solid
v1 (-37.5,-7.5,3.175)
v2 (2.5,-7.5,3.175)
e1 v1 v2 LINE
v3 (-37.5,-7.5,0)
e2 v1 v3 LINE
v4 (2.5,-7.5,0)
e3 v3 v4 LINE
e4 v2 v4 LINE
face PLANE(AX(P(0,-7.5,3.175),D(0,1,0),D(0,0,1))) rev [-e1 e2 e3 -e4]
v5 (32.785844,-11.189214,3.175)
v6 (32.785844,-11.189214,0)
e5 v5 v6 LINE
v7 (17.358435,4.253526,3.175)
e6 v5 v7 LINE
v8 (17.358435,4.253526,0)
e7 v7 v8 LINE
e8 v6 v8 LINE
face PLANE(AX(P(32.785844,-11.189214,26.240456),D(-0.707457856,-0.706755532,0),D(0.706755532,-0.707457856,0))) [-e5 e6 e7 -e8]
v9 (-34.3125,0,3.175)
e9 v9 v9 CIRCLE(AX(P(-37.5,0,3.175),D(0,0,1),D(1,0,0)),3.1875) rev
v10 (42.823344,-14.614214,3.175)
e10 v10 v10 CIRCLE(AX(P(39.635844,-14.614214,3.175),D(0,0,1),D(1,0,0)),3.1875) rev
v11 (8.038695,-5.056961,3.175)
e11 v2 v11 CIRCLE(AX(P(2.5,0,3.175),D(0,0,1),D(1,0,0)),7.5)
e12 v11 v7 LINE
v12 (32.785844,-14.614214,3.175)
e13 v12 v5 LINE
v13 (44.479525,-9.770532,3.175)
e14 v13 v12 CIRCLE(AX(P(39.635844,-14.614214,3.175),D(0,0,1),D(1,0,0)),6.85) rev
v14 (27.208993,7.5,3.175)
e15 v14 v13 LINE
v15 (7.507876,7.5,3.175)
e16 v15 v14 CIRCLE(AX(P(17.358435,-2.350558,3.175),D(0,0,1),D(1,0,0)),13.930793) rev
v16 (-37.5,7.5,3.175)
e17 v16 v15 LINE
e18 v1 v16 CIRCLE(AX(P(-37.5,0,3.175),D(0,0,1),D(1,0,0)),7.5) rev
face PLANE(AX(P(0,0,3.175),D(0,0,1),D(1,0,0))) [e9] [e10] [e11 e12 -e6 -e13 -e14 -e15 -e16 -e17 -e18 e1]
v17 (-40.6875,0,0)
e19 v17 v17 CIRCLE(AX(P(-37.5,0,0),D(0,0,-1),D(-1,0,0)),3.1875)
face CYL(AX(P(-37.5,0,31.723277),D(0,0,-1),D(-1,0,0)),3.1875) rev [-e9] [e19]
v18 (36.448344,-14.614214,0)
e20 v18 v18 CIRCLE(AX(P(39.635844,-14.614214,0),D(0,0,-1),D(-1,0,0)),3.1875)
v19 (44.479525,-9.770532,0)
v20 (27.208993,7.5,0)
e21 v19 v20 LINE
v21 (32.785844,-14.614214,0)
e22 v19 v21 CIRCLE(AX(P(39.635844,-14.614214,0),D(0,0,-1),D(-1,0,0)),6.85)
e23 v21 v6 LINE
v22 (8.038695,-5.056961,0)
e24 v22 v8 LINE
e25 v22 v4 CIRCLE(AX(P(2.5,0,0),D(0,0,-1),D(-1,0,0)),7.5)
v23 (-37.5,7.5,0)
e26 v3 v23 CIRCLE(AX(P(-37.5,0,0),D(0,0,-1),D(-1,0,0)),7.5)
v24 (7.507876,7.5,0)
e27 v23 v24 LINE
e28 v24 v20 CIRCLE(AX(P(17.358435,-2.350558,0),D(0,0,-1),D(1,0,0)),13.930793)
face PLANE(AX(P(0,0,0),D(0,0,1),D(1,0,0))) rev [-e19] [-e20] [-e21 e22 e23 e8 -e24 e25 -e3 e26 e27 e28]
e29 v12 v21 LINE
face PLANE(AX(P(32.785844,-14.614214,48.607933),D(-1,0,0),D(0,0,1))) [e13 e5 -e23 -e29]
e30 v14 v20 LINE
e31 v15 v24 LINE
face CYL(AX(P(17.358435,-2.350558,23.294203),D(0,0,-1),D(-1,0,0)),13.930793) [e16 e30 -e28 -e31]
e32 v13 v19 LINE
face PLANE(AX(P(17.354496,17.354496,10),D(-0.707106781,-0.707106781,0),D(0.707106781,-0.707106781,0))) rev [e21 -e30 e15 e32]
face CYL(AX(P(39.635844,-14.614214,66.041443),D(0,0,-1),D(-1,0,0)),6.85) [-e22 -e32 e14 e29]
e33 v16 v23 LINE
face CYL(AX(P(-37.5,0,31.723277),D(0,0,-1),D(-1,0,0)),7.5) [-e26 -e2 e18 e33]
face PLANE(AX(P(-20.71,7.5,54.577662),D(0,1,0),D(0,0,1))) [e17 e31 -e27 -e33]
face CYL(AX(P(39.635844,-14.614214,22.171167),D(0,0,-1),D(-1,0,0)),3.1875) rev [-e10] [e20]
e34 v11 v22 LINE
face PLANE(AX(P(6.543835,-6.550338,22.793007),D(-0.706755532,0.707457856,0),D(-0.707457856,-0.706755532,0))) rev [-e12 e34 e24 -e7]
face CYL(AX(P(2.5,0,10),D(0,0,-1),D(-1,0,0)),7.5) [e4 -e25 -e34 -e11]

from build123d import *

# Parameters (mm, degrees)
SKETCH1_R            = 3.175
SKETCH1_R_2          = 4.8
BOSS_EXTRUDE1_DEPTH  = 3.175
SKETCH2_W            = 15
SKETCH2_H            = 3.175
CUT_EXTRUDE1_DEPTH   = 46.731068487
CUT_EXTRUDE2_START   = -10
CUT_EXTRUDE2_DEPTH   = 10
SKETCH4_W            = 11.581741037
SKETCH4_H            = 5.573186054
BOSS_EXTRUDE2_DEPTH  = 3.175
SKETCH5_R            = 1.475
CUT_EXTRUDE3_DEPTH   = 16
SKETCH6_W            = 21.273258962
SKETCH6_H            = 7.408259511
BOSS_EXTRUDE4_DEPTH  = 3.175
SKETCH12_R           = 4.8
CUT_EXTRUDE5_DEPTH   = 10
SKETCH15_R           = 4.85
BOSS_EXTRUDE10_DEPTH = 3.175
BOSS_EXTRUDE11_DEPTH = 3.175
BOSS_EXTRUDE12_DEPTH = 3.175
CUT_EXTRUDE6_DEPTH   = 10
CUT_EXTRUDE7_DEPTH   = 10
BOSS_EXTRUDE13_DEPTH = 3.175
BOSS_EXTRUDE14_DEPTH = 3.175
CUT_EXTRUDE8_DEPTH   = 10
SKETCH8_W            = 10
SKETCH8_H            = 3.175
CUT_EXTRUDE4_DEPTH   = 10
BOSS_EXTRUDE15_DEPTH = 3.175
CUT_EXTRUDE10_DEPTH  = 10
CUT_EXTRUDE11_DEPTH  = 10
BOSS_EXTRUDE16_DEPTH = 3.175
CUT_EXTRUDE12_DEPTH  = 3.175
BOSS_EXTRUDE18_DEPTH = 3.175
CUT_EXTRUDE13_DEPTH  = 3.175
BOSS_EXTRUDE19_DEPTH = 3.175
SKETCH32_R           = 6.716159248
SKETCH32_R_2         = 3.1875
BOSS_EXTRUDE20_DEPTH = 3.175
SKETCH33_R           = 7.5
SKETCH33_R_2         = 3.1875
BOSS_EXTRUDE21_DEPTH = 3.175
BOSS_EXTRUDE22_DEPTH = 3.175


with BuildPart() as part:
    # Sketch1 → Boss-Extrude1 (new body)
    with BuildSketch(Plane.XY):
        with BuildLine():
            Line((-37.5, 7.5), (37.5, 7.5))
            ThreePointArc((37.5, 7.5), (45, 0), (37.5, -7.5))
            Line((37.5, -7.5), (-37.5, -7.5))
            ThreePointArc((-37.5, -7.5), (-45, 0), (-37.5, 7.5))
        make_face()
        with Locations((-37.5, 0)):
            Circle(SKETCH1_R, mode=Mode.SUBTRACT)
        with Locations((37.5, 0)):
            Circle(SKETCH1_R_2, mode=Mode.SUBTRACT)
    extrude(amount=BOSS_EXTRUDE1_DEPTH)

    # Sketch2 → Cut-Extrude1 (cut, through all)
    with BuildSketch(Plane.XY.offset(3.175)):
        with Locations((-17.5, 0.21703664)):
            Rectangle(SKETCH2_W, SKETCH2_H)
        with Locations((17.5, 0.853492694)):
            Rectangle(SKETCH2_W, SKETCH2_H)
    extrude(amount=-CUT_EXTRUDE1_DEPTH, mode=Mode.SUBTRACT)

    # Sketch3 → Cut-Extrude2 (cut)
    with BuildSketch(Plane.XY.offset(3.175).offset(CUT_EXTRUDE2_START)):
        with BuildLine():
            Line((-56.505330914, 0), (-45, 0))
            ThreePointArc((-45, 0), (-42.803300859, 5.303300859), (-37.5, 7.5))
            Line((-37.5, 7.5), (-20.71, 7.5))
            Line((-20.71, 7.5), (-20.71, 17.128469338))
            Line((-20.71, 17.128469338), (-56.505330914, 17.128469338))
            Line((-56.505330914, 17.128469338), (-56.505330914, 0))
        make_face()
        with BuildLine():
            ThreePointArc((-37.5, -7.5), (-42.803300859, -5.303300859), (-45, 0))
            Line((-45, 0), (-56.505330914, 0))
            Line((-56.505330914, 0), (-56.505330914, -10.2398458))
            Line((-56.505330914, -10.2398458), (-20.71, -10.2398458))
            Line((-20.71, -10.2398458), (-20.71, -7.5))
            Line((-20.71, -7.5), (-37.5, -7.5))
        make_face()
        with BuildLine():
            ThreePointArc((-40.675, 0), (-37.5, 3.175), (-34.325, 0))
            Line((-34.325, 0), (-25, 0))
            Line((-25, 0), (-25, 1.80453664))
            Line((-25, 1.80453664), (-20.71, 1.80453664))
            Line((-20.71, 1.80453664), (-20.71, 7.5))
            Line((-20.71, 7.5), (-37.5, 7.5))
            ThreePointArc((-37.5, 7.5), (-42.803300859, 5.303300859), (-45, 0))
            Line((-45, 0), (-40.675, 0))
        make_face()
        with BuildLine():
            Line((-25, 0), (-34.325, 0))
            ThreePointArc((-34.325, 0), (-37.5, -3.175), (-40.675, 0))
            Line((-40.675, 0), (-45, 0))
            ThreePointArc((-45, 0), (-42.803300859, -5.303300859), (-37.5, -7.5))
            Line((-37.5, -7.5), (-20.71, -7.5))
            Line((-20.71, -7.5), (-20.71, -1.37046336))
            Line((-20.71, -1.37046336), (-25, -1.37046336))
            Line((-25, -1.37046336), (-25, 0))
        make_face()
    extrude(amount=CUT_EXTRUDE2_DEPTH, mode=Mode.SUBTRACT)

    # Sketch4 → Boss-Extrude2 (add)
    with BuildSketch(Plane.XY.offset(3.175)):
        with Locations((-14.919129482, -0.129821549)):
            Rectangle(SKETCH4_W, SKETCH4_H)
    extrude(amount=-BOSS_EXTRUDE2_DEPTH)

    # Sketch5 → Cut-Extrude3 (cut)
    with BuildSketch(Plane.XY.offset(3.175)):
        with Locations((-13.5, 0)):
            Circle(SKETCH5_R)
        with Locations((2.5, 0)):
            Circle(SKETCH5_R)
    extrude(amount=-CUT_EXTRUDE3_DEPTH, mode=Mode.SUBTRACT)

    # Sketch6 → Boss-Extrude4 (add)
    with BuildSketch(Plane.XY.offset(3.175)):
        with Locations((18.907585517, 0.667769414)):
            Rectangle(SKETCH6_W, SKETCH6_H)
    extrude(amount=-BOSS_EXTRUDE4_DEPTH)

    # Sketch12 → Cut-Extrude5 (cut)
    # profile 1 of 2: a face of its own
    with BuildSketch(Plane(origin=(0, 0, 0), x_dir=(-1, 0, 0), z_dir=(0, 0, -1))):
        with BuildLine():
            Line((-2.5, 7.5), (-37.5, 7.5))
            ThreePointArc((-37.5, 7.5), (-32.196699141, 5.303300859), (-30, 0))
            ThreePointArc((-30, 0), (-32.196699141, -5.303300859), (-37.5, -7.5))
            Line((-37.5, -7.5), (-2.5, -7.5))
            ThreePointArc((-2.5, -7.5), (-10, 0), (-2.5, 7.5))
        make_face()
    # profile 2 of 2: a face of its own
    with BuildSketch(Plane(origin=(0, 0, 0), x_dir=(-1, 0, 0), z_dir=(0, 0, -1))):
        with BuildLine():
            ThreePointArc((-30, 0), (-32.196699141, 5.303300859), (-37.5, 7.5))
            ThreePointArc((-37.5, 7.5), (-45, 0), (-37.5, -7.5))
            ThreePointArc((-37.5, -7.5), (-32.196699141, -5.303300859), (-30, 0))
        make_face()
        with Locations((-37.5, 0)):
            Circle(SKETCH12_R, mode=Mode.SUBTRACT)
    extrude(amount=-CUT_EXTRUDE5_DEPTH, mode=Mode.SUBTRACT)

    # Sketch15 → Boss-Extrude10 (add)
    with BuildSketch(Plane(origin=(0, 0, 0), x_dir=(-1, 0, 0), z_dir=(0, 0, -1))):
        with BuildLine():
            ThreePointArc((-46.001929081, -17.143138466), (-35.871769222, -20.337345998), (-34.79216247, -9.770532392))
            Line((-34.79216247, -9.770532392), (-34.739826286, -9.718196208))
            ThreePointArc((-34.739826286, -9.718196208), (-27.229011247, 7.510815039), (-10, 0))
            ThreePointArc((-10, 0), (-7.803300859, 5.303300859), (-2.5, 7.5))
            ThreePointArc((-2.5, 7.5), (-36.707777113, 17.168137065), (-46.001929081, -17.143138466))
        make_face()
        with Locations((-39.635843921, -14.614213843)):
            Circle(SKETCH15_R, mode=Mode.SUBTRACT)
    extrude(amount=-BOSS_EXTRUDE10_DEPTH)

    # Sketch16 → Boss-Extrude11 (add)
    with BuildSketch(Plane(origin=(0, 0, 0), x_dir=(-1, 0, 0), z_dir=(0, 0, -1))):
        with BuildLine():
            Line((-21.509690563, 8.403088845), (-7.803300859, -5.303300859))
            ThreePointArc((-7.803300859, -5.303300859), (-9.429096494, -2.870125743), (-10, 0))
            ThreePointArc((-10, 0), (-14.533325981, 5.874656467), (-21.509690563, 8.403088845))
        make_face()
    extrude(amount=-BOSS_EXTRUDE11_DEPTH)

    # Sketch17 → Boss-Extrude12 (add)
    with BuildSketch(Plane(origin=(0, 0, 0), x_dir=(-1, 0, 0), z_dir=(0, 0, -1))):
        with BuildLine():
            Line((-20.755882022, 9.519320843), (-23.45404322, 8.658356332))
            ThreePointArc((-23.45404322, 8.658356332), (-23.129421083, 8.546024811), (-22.808422976, 8.423721426))
            ThreePointArc((-22.808422976, 8.423721426), (-22.158804554, 8.429280981), (-21.509690563, 8.403088845))
            Line((-21.509690563, 8.403088845), (-19.064115898, 5.95751418))
            Line((-19.064115898, 5.95751418), (-20.755882022, 9.519320843))
        make_face()
        with BuildLine():
            ThreePointArc((-21.509690563, 8.403088845), (-22.158804554, 8.429280981), (-22.808422976, 8.423721426))
            ThreePointArc((-22.808422976, 8.423721426), (-20.81070119, 7.38126118), (-19.064115898, 5.95751418))
            Line((-19.064115898, 5.95751418), (-21.509690563, 8.403088845))
        make_face()
        with BuildLine():
            ThreePointArc((-23.45404322, 8.658356332), (-36.40040662, 3.921172604), (-34.79216247, -9.770532392))
            Line((-34.79216247, -9.770532392), (-34.739826286, -9.718196208))
            ThreePointArc((-34.739826286, -9.718196208), (-33.473796187, 2.443597762), (-22.808422976, 8.423721426))
            ThreePointArc((-22.808422976, 8.423721426), (-23.129421083, 8.546024811), (-23.45404322, 8.658356332))
        make_face()
        with BuildLine():
            ThreePointArc((-22.808422976, 8.423721426), (-33.473796187, 2.443597762), (-34.739826286, -9.718196208))
            Line((-34.739826286, -9.718196208), (-32.925869648, -7.90423957))
            Line((-32.925869648, -7.90423957), (-19.064115898, 5.95751418))
            ThreePointArc((-19.064115898, 5.95751418), (-20.81070119, 7.38126118), (-22.808422976, 8.423721426))
        make_face()
    extrude(amount=-BOSS_EXTRUDE12_DEPTH)

    # Sketch18 → Cut-Extrude6 (cut)
    with BuildSketch(Plane(origin=(0, 0, 0), x_dir=(-1, 0, 0), z_dir=(0, 0, -1))):
        Polygon((-49.385473713, -4.584123483), (-24.385473713, 20.415876517), (-30.56765092, 24.378047278), (-55.403941692, 2.136458495), align=None)
    extrude(amount=-CUT_EXTRUDE6_DEPTH, mode=Mode.SUBTRACT)

    # Sketch19 → Cut-Extrude7 (cut)
    with BuildSketch(Plane(origin=(0, 0, 0), x_dir=(-1, 0, 0), z_dir=(0, 0, -1))):
        with BuildLine():
            ThreePointArc((-46.001929081, -17.143138466), (-46.344312222, -13.228951032), (-44.479525373, -9.770532392))
            Line((-44.479525373, -9.770532392), (-15.809929944, 18.899063036))
            ThreePointArc((-15.809929944, 18.899063036), (-20.031146151, 20.033752776), (-24.385473713, 20.415876517))
            Line((-24.385473713, 20.415876517), (-49.385473713, -4.584123483))
            ThreePointArc((-49.385473713, -4.584123483), (-48.524771385, -11.08753089), (-46.001929081, -17.143138466))
        make_face()
    extrude(amount=-CUT_EXTRUDE7_DEPTH, mode=Mode.SUBTRACT)

    # Sketch20 → Boss-Extrude13 (add)
    with BuildSketch(Plane(origin=(0, 0, 0), x_dir=(-1, 0, 0), z_dir=(0, 0, -1))):
        with BuildLine():
            Line((-32.785843921, -14.614213843), (-32.785843921, -7.764213843))
            ThreePointArc((-32.785843921, -7.764213843), (-34.411726772, -8.208442505), (-35.585840533, -9.417694765))
            Line((-35.585840533, -9.417694765), (-32.785843921, -14.614213843))
        make_face()
        Polygon((-46.485843921, -14.614213843), (-46.485843921, -7.764213843), (-15.809929944, 18.899063036), align=None)
    extrude(amount=-BOSS_EXTRUDE13_DEPTH)

    # Sketch21 → Boss-Extrude14 (add)
    with BuildSketch(Plane(origin=(0, 0, 0), x_dir=(-1, 0, 0), z_dir=(0, 0, -1))):
        with BuildLine():
            Line((-15.809929944, 18.899063036), (-3.494683458, 5.188322232))
            Line((-3.494683458, 5.188322232), (20.71, 7.5))
            ThreePointArc((20.71, 7.5), (3.510589711, 16.597300494), (-15.809929944, 18.899063036))
        make_face()
    extrude(amount=-BOSS_EXTRUDE14_DEPTH)

    # Sketch22 → Cut-Extrude8 (cut)
    with BuildSketch(Plane(origin=(0, 0, 0), x_dir=(-1, 0, 0), z_dir=(0, 0, -1))):
        with BuildLine():
            ThreePointArc((-7.803300859, -5.303300859), (-9.665367717, 2.215289028), (-3.884823194, 7.371042309))
            Line((-3.884823194, 7.371042309), (-19.064115898, 5.95751418))
            Line((-19.064115898, 5.95751418), (-7.803300859, -5.303300859))
        make_face()
    extrude(amount=-CUT_EXTRUDE8_DEPTH, mode=Mode.SUBTRACT)

    # Sketch8 → Cut-Extrude4 (cut)
    with BuildSketch(Plane.XY.offset(3.175)):
        with Locations((19, 0)):
            Rectangle(SKETCH8_W, SKETCH8_H)
    extrude(amount=-CUT_EXTRUDE4_DEPTH, mode=Mode.SUBTRACT)

    # Sketch24 → Boss-Extrude15 (add)
    with BuildSketch(Plane(origin=(0, 0, 0), x_dir=(-1, 0, 0), z_dir=(0, 0, -1))):
        Polygon((-32.785843921, -7.764213843), (-19.064115898, 5.95751418), (-25.92497991, 1.835763138), align=None)
    extrude(amount=-BOSS_EXTRUDE15_DEPTH)

    # Sketch25 → Cut-Extrude10 (cut)
    with BuildSketch(Plane(origin=(0, 0, 0), x_dir=(-1, 0, 0), z_dir=(0, 0, -1))):
        with BuildLine():
            ThreePointArc((-46.485843921, -14.614213843), (-45.964418719, -11.992832332), (-44.479525373, -9.770532392))
            Line((-44.479525373, -9.770532392), (-15.809929944, 18.899063036))
            Line((-15.809929944, 18.899063036), (-46.485843921, -7.764213843))
            Line((-46.485843921, -7.764213843), (-46.485843921, -14.614213843))
        make_face()
    extrude(amount=-CUT_EXTRUDE10_DEPTH, mode=Mode.SUBTRACT)

    # Sketch26 → Cut-Extrude11 (cut)
    with BuildSketch(Plane(origin=(0, 0, 0), x_dir=(-1, 0, 0), z_dir=(0, 0, -1))):
        with BuildLine():
            Line((-15.809929944, 18.899063036), (-23.907797349, 10.801195631))
            ThreePointArc((-23.907797349, 10.801195631), (-1.26089762, 15.105031891), (20.545662044, 7.629804166))
            ThreePointArc((20.545662044, 7.629804166), (3.410605692, 16.628400783), (-15.809929944, 18.899063036))
        make_face()
        with BuildLine():
            Line((-24.462923893, 21.153371093), (-23.907797349, 10.801195631))
            Line((-23.907797349, 10.801195631), (-15.809929944, 18.899063036))
            ThreePointArc((-15.809929944, 18.899063036), (3.410605692, 16.628400783), (20.545662044, 7.629804166))
            Line((20.545662044, 7.629804166), (12.510465987, 32.510755223))
            Line((12.510465987, 32.510755223), (-24.462923893, 21.153371093))
        make_face()
    extrude(amount=-CUT_EXTRUDE11_DEPTH, mode=Mode.SUBTRACT)

    # Sketch27 → Boss-Extrude16 (add)
    with BuildSketch(Plane(origin=(0, 0, 0), x_dir=(-1, 0, 0), z_dir=(0, 0, -1))):
        with BuildLine():
            ThreePointArc((-8.038695105, -5.056961196), (-9.359104011, -3.033593935), (-9.967690986, -0.69540732))
            ThreePointArc((-9.967690986, -0.69540732), (-8.488209602, 4.515677775), (-3.884823194, 7.371042309))
            Line((-3.884823194, 7.371042309), (-19.064115898, 5.95751418))
            Line((-19.064115898, 5.95751418), (-8.038695105, -5.056961196))
        make_face()
    extrude(amount=-BOSS_EXTRUDE16_DEPTH)

    # Sketch28 → Cut-Extrude12 (cut)
    with BuildSketch(Plane(origin=(0, 0, 0), x_dir=(-1, 0, 0), z_dir=(0, 0, -1))):
        Polygon((20.71, 7.5), (-23.907797349, 10.801195631), (-10.730396659, 19.898602306), (15.158212603, 17.043524683), align=None)
    extrude(amount=-CUT_EXTRUDE12_DEPTH, mode=Mode.SUBTRACT)

    # Sketch29 → Boss-Extrude18 (add)
    with BuildSketch(Plane(origin=(0, 0, 0), x_dir=(-1, 0, 0), z_dir=(0, 0, -1))):
        Polygon((-19.064115898, 5.95751418), (-32.785843921, -7.764213843), (-32.785843921, -11.189213843), (-17.358434587, 4.253526174), align=None)
    extrude(amount=-BOSS_EXTRUDE18_DEPTH)

    # Sketch30 → Cut-Extrude13 (cut)
    with BuildSketch(Plane(origin=(0, 0, 0), x_dir=(-1, 0, 0), z_dir=(0, 0, -1))):
        Polygon((20.71, 7.5), (-29.726171722, 7.5), (-24.020649075, 17.421001934), align=None)
    extrude(amount=-CUT_EXTRUDE13_DEPTH, mode=Mode.SUBTRACT)

    # Sketch31 → Boss-Extrude19 (add)
    with BuildSketch(Plane(origin=(0, 0, 0), x_dir=(-1, 0, 0), z_dir=(0, 0, -1))):
        with BuildLine():
            Line((-27.20899298, 7.5), (-7.507876194, 7.5))
            ThreePointArc((-7.507876194, 7.5), (-17.358434587, 11.580234883), (-27.20899298, 7.5))
        make_face()
    extrude(amount=-BOSS_EXTRUDE19_DEPTH)

    # Sketch32 → Boss-Extrude20 (add)
    with BuildSketch(Plane(origin=(0, 0, 0), x_dir=(-1, 0, 0), z_dir=(0, 0, -1))):
        with Locations((-39.635843921, -14.614213843)):
            Circle(SKETCH32_R)
        with Locations((-39.635843921, -14.614213843)):
            Circle(SKETCH32_R_2, mode=Mode.SUBTRACT)
    extrude(amount=-BOSS_EXTRUDE20_DEPTH)

    # Sketch33 → Boss-Extrude21 (add)
    # profile 1 of 2: a face of its own
    with BuildSketch(Plane(origin=(0, 0, 0), x_dir=(-1, 0, 0), z_dir=(0, 0, -1))):
        with Locations((37.5, 0)):
            Circle(SKETCH33_R)
        with Locations((37.5, 0)):
            Circle(SKETCH33_R_2, mode=Mode.SUBTRACT)
    # profile 2 of 2: a face of its own
    with BuildSketch(Plane(origin=(0, 0, 0), x_dir=(-1, 0, 0), z_dir=(0, 0, -1))):
        with BuildLine():
            ThreePointArc((37.5, -7.5), (30, 0), (37.5, 7.5))
            Line((37.5, 7.5), (20.71, 7.5))
            Line((20.71, 7.5), (20.71, -7.5))
            Line((20.71, -7.5), (37.5, -7.5))
        make_face()
    extrude(amount=-BOSS_EXTRUDE21_DEPTH)

    # Sketch34 → Boss-Extrude22 (add)
    with BuildSketch(Plane(origin=(0, 0, 0), x_dir=(-1, 0, 0), z_dir=(0, 0, -1))):
        Polygon((-7.65894818, 0.566705822), (2.634672239, -5.625550211), (22.417723982, -2.529422194), (20.165994516, 3.944300022), (-4.120516161, 3.944300022), align=None)
    extrude(amount=-BOSS_EXTRUDE22_DEPTH)


solid = part.part
